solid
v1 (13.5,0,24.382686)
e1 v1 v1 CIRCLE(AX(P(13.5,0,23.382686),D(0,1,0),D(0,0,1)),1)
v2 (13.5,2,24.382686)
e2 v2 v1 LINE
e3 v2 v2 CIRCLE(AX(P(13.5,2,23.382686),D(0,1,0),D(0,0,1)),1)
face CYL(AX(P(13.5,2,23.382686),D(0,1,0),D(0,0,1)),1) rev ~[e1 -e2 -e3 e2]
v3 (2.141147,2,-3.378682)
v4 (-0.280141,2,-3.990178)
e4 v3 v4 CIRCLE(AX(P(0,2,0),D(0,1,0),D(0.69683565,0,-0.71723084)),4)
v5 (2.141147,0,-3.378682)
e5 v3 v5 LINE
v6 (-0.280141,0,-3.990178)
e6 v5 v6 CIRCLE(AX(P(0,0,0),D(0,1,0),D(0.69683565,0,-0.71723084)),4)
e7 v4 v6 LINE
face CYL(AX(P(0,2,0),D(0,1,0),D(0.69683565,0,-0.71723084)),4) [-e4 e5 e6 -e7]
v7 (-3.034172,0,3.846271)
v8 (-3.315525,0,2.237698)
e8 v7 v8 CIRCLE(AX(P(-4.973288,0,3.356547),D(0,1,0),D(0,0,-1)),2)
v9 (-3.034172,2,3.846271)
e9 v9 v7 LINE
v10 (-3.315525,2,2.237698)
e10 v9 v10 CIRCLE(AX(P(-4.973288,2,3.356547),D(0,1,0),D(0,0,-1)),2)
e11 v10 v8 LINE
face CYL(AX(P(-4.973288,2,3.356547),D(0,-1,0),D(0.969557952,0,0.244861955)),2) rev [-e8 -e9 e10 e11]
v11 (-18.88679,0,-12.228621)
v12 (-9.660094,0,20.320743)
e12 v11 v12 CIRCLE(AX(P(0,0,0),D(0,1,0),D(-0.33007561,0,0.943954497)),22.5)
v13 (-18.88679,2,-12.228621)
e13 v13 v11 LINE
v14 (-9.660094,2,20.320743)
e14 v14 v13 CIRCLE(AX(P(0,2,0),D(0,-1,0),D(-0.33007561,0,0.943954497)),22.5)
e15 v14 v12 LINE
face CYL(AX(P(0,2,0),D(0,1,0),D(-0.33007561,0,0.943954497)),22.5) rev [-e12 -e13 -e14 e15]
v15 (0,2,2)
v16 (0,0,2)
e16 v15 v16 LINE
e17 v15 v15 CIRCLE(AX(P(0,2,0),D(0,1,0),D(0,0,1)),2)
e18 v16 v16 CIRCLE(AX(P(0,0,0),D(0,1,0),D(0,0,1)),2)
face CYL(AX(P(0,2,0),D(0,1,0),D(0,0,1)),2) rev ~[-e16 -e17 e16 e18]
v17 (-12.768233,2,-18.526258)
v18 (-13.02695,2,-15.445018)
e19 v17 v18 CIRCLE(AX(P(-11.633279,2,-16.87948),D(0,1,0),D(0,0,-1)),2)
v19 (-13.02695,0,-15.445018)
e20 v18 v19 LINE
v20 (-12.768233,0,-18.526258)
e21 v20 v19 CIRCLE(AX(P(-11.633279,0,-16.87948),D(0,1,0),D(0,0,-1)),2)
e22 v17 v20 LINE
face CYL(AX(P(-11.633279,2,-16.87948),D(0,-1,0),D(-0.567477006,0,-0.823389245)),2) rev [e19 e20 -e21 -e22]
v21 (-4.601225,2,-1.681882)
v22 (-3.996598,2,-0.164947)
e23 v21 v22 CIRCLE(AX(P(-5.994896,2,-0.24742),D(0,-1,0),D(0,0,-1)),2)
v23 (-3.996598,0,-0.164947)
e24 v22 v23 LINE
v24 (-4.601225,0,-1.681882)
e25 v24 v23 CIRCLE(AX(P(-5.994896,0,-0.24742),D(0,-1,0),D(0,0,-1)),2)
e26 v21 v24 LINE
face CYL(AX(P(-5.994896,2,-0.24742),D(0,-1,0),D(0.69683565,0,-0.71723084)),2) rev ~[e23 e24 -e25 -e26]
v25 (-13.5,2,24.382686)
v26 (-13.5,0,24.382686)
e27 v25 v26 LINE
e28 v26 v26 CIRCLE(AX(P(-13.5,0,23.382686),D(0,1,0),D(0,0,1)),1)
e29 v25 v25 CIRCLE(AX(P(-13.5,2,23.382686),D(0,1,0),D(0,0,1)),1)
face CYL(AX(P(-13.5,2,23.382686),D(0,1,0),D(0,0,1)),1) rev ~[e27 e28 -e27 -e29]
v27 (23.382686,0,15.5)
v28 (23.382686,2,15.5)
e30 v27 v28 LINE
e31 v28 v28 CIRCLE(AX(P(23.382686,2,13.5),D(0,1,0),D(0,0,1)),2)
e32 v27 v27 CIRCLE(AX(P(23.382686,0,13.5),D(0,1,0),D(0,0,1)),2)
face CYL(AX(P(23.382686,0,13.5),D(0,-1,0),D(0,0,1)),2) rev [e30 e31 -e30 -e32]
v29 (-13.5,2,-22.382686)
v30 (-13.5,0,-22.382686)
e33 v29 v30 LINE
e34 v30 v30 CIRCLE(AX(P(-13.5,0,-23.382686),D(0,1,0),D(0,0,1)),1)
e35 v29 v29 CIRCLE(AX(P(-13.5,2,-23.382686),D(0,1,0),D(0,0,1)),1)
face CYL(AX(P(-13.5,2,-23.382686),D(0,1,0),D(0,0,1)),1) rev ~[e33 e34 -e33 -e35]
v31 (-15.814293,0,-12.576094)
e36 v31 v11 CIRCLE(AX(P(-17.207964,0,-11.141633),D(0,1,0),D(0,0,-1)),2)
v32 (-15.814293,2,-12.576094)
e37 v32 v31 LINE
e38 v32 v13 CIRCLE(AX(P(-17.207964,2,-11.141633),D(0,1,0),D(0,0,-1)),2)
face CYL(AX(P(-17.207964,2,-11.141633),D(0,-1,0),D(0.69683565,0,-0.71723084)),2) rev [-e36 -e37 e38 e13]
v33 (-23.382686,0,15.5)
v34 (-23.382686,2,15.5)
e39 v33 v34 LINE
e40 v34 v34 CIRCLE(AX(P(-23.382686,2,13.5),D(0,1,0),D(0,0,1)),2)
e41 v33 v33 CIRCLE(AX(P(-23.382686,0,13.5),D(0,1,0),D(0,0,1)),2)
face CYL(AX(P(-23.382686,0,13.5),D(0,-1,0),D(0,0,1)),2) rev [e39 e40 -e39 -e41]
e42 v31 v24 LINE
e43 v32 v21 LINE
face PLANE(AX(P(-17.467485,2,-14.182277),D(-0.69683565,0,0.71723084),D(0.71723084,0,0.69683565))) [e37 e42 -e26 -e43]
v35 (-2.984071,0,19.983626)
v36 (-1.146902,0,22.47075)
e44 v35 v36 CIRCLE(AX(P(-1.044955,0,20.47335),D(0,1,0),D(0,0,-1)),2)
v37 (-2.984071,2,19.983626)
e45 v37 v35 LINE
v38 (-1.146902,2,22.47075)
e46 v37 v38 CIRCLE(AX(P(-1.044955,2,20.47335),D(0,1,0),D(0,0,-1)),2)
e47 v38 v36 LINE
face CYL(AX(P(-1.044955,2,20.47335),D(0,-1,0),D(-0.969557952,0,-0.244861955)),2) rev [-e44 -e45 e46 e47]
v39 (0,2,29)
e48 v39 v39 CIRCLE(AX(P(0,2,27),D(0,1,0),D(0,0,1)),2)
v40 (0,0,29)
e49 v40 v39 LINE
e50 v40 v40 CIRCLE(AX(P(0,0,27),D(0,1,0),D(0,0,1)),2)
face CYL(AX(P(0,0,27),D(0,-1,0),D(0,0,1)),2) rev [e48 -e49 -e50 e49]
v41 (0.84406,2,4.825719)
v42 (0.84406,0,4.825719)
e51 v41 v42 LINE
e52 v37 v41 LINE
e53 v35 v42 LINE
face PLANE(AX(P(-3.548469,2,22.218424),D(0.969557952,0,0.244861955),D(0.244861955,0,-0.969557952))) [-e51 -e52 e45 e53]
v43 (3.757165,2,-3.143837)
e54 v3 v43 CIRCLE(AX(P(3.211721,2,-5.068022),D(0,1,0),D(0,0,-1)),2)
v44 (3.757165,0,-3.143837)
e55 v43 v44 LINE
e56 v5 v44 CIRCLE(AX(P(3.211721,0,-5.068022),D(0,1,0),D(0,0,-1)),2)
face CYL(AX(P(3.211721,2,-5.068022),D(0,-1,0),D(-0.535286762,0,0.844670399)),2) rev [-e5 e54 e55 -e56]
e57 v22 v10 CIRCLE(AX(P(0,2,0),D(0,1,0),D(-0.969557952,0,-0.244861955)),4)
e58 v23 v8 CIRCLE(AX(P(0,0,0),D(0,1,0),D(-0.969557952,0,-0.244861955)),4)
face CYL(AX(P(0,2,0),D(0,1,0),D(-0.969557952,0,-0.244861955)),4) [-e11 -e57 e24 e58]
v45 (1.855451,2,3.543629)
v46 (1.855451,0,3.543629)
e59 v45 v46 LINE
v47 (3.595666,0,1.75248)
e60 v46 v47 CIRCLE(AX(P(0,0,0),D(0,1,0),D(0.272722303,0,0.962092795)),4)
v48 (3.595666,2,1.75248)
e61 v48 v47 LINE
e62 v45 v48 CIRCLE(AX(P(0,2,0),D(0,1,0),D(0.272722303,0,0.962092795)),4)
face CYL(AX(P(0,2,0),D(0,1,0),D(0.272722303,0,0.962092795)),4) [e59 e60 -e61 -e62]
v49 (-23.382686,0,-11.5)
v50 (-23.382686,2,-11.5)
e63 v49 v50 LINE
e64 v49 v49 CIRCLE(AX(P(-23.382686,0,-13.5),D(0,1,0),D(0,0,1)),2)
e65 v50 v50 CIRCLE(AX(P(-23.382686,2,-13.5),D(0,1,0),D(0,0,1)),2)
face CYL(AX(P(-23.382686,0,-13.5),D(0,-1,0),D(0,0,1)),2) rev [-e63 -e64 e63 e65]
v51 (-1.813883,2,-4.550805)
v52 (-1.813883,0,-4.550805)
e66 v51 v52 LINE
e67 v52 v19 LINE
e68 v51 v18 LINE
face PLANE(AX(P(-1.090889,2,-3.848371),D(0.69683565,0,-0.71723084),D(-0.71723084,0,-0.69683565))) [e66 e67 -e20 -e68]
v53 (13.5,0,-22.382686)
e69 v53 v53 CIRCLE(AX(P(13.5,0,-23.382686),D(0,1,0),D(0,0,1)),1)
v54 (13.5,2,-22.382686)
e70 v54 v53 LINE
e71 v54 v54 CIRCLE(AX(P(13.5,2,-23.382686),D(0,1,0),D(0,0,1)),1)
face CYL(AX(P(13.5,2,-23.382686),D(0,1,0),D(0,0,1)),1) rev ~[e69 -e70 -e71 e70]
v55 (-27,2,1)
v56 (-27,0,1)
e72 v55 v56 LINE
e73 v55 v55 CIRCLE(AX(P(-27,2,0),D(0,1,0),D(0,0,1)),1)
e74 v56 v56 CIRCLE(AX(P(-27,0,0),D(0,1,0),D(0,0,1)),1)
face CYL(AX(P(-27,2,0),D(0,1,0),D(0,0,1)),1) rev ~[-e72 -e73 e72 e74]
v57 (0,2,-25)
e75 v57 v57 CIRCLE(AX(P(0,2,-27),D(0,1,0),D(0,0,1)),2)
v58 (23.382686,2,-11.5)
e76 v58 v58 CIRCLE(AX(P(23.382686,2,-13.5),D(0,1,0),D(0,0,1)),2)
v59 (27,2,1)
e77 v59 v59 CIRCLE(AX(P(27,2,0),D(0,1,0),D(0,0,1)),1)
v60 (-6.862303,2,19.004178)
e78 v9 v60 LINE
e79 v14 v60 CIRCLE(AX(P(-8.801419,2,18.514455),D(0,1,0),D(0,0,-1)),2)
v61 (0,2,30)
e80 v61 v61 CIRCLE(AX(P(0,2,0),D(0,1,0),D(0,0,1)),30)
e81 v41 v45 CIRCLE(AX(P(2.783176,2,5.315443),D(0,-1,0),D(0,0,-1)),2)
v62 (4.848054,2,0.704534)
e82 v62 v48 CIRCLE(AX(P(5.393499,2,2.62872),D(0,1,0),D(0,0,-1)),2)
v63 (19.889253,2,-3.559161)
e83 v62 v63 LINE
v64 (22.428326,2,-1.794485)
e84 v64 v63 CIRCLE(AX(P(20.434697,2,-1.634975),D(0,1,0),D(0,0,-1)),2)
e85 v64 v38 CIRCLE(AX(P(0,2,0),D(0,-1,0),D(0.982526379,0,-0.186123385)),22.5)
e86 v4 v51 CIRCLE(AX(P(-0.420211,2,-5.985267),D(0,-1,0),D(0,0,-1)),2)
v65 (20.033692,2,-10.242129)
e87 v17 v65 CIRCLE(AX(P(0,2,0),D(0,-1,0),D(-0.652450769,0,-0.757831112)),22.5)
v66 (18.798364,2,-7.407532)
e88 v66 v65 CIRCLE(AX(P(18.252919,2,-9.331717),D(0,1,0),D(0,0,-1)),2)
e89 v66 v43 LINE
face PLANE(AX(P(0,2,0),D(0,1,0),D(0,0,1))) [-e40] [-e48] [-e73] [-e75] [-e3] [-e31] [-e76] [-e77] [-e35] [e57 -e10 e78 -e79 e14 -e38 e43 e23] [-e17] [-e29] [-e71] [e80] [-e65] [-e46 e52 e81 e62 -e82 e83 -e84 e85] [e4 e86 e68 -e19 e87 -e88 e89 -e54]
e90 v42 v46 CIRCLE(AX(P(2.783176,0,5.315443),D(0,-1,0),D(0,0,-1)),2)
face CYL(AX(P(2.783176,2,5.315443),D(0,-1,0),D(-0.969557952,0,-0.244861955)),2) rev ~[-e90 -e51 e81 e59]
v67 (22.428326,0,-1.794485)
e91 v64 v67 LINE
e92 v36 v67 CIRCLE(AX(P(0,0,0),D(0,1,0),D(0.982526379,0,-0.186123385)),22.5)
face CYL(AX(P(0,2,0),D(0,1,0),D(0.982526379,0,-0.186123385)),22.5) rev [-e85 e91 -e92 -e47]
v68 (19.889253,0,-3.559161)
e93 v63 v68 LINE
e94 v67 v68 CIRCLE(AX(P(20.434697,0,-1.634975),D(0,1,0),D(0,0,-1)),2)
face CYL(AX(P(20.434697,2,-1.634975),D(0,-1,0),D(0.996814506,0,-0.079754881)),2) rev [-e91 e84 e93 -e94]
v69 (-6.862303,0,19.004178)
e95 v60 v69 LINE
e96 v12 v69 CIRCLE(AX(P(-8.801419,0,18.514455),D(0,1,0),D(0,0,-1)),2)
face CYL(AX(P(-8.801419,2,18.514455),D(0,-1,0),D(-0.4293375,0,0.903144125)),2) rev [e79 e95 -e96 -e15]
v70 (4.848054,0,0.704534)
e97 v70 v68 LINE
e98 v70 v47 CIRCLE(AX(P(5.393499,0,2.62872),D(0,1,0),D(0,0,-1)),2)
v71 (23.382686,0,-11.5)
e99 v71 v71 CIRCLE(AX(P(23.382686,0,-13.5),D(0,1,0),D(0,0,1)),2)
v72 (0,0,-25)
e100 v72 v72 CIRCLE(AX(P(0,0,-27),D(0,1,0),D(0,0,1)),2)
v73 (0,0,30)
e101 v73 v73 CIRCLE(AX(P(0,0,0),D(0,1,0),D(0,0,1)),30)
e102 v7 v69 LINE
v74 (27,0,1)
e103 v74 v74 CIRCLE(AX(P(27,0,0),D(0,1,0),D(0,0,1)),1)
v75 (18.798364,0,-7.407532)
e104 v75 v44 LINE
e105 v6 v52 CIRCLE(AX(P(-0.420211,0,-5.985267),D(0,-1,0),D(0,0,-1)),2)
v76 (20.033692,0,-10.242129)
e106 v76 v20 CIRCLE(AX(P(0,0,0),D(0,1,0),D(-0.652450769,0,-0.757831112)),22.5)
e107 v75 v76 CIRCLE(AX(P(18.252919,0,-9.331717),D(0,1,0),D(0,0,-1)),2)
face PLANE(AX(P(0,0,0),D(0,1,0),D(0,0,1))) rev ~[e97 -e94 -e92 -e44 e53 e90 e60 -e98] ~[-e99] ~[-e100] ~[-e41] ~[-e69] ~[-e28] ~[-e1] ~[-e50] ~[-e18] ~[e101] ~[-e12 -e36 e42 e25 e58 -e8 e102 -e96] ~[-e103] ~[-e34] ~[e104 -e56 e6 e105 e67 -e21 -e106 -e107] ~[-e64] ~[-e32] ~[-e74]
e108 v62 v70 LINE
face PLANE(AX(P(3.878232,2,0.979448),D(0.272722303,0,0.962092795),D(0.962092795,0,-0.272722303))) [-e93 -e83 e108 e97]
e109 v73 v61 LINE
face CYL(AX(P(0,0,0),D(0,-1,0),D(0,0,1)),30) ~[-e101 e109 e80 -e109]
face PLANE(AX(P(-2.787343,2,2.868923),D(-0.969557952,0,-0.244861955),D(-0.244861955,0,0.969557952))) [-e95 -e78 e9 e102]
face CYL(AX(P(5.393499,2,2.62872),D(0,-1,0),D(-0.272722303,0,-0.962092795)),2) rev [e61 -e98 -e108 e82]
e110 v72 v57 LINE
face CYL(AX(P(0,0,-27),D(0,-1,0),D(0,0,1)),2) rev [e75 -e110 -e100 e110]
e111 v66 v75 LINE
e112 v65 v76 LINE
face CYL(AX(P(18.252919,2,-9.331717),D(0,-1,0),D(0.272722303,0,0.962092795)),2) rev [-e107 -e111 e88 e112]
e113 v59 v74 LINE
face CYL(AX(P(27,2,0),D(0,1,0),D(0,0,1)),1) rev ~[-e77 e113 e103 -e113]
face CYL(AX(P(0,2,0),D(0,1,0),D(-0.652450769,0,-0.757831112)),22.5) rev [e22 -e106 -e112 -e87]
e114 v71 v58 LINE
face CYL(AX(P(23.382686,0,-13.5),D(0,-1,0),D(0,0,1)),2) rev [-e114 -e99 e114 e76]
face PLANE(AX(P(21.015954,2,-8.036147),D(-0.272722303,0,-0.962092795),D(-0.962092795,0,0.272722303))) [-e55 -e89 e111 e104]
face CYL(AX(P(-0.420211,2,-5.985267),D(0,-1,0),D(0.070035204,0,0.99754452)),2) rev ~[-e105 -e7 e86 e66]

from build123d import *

# Parameters (mm, degrees)
SKETCH1_R                = 30
SKETCH1_R_2              = 2
BOSS_EXTRUDE1_DEPTH      = 2
SKETCH3_R                = 1
CUT_EXTRUDE1_DEPTH       = 3
SKETCH4_R                = 2
CUT_EXTRUDE2_DEPTH       = 10
FILLET1_R                = 2
CIRPATTERN1_COUNT        = 3
FILLET1_OF_CIRPATTERN1_R = 2


with BuildPart() as part:
    # Sketch1 → Boss-Extrude1 (new body)
    with BuildSketch(Plane(origin=(0, 0, 0), x_dir=(1, 0, 0), z_dir=(0, 1, 0))):
        with Locations(Location((0, 0, 0), (0, 0, 270))):
            Circle(SKETCH1_R)
        with Locations(Location((0, 27, 0), (0, 0, 270))):
            Circle(SKETCH1_R_2, mode=Mode.SUBTRACT)
        with Locations(Location((23.382685902, 13.5, 0), (0, 0, 270))):
            Circle(SKETCH1_R_2, mode=Mode.SUBTRACT)
        with Locations(Location((23.382685902, -13.5, 0), (0, 0, 270))):
            Circle(SKETCH1_R_2, mode=Mode.SUBTRACT)
        with Locations(Location((0, -27, 0), (0, 0, 270))):
            Circle(SKETCH1_R_2, mode=Mode.SUBTRACT)
        with Locations(Location((-23.382685902, -13.5, 0), (0, 0, 270))):
            Circle(SKETCH1_R_2, mode=Mode.SUBTRACT)
        with Locations(Location((-23.382685902, 13.5, 0), (0, 0, 270))):
            Circle(SKETCH1_R_2, mode=Mode.SUBTRACT)
    extrude(amount=BOSS_EXTRUDE1_DEPTH)

    # Sketch3 → Cut-Extrude1 (cut)
    with BuildSketch(Plane(origin=(0, 2, 0), x_dir=(1, 0, 0), z_dir=(0, 1, 0))):
        with Locations(Location((-13.5, 23.382685902, 0), (0, 0, 270))):
            Circle(SKETCH3_R)
        with Locations(Location((13.5, 23.382685902, 0), (0, 0, 270))):
            Circle(SKETCH3_R)
        with Locations(Location((27, 0, 0), (0, 0, 270))):
            Circle(SKETCH3_R)
        with Locations(Location((13.5, -23.382685902, 0), (0, 0, 270))):
            Circle(SKETCH3_R)
        with Locations(Location((-13.5, -23.382685902, 0), (0, 0, 270))):
            Circle(SKETCH3_R)
        with Locations(Location((-27, 0, 0), (0, 0, 270))):
            Circle(SKETCH3_R)
    extrude(amount=-CUT_EXTRUDE1_DEPTH, mode=Mode.SUBTRACT)

    # Sketch4 → Cut-Extrude2 (cut)
    with BuildSketch(Plane(origin=(0, 2, 0), x_dir=(1, 0, 0), z_dir=(0, 1, 0))):
        with Locations(Location((0, 0, 0), (0, 0, 270))):
            Circle(SKETCH4_R)
        with BuildLine():
            Line((-1.09088921, 3.848371179), (-14.680142304, 17.051200014))
            ThreePointArc((-14.680142304, 17.051200014), (5.509393992, 21.815053927), (21.015954319, 8.036147338))
            Line((21.015954319, 8.036147338), (2.787342599, 2.868923358))
            ThreePointArc((2.787342599, 2.868923358), (0.979447821, 3.878231809), (-1.09088921, 3.848371179))
        make_face()
    cut_extrude2 = extrude(amount=-CUT_EXTRUDE2_DEPTH, mode=Mode.SUBTRACT)

    # Fillet1
    fillet1_edges = [part.edges().sort_by_distance(p)[0] for p in [
        (2.787342599, 1, -2.868923358),
        (-1.09088921, 1, -3.848371179),
        (-14.680142304, 1, -17.051200014),
        (21.015954319, 1, -8.036147338),
    ]]
    fillet(fillet1_edges, radius=FILLET1_R)

    # CirPattern1: Cut-Extrude2 ×3 about axis
    cirpattern1_axis = Axis((0, 0, 0), (0, 1, 0))
    for i in range(1, CIRPATTERN1_COUNT):
        add(cut_extrude2.rotate(cirpattern1_axis, i * 360 / CIRPATTERN1_COUNT), mode=Mode.SUBTRACT)

    # Fillet1 of CirPattern1
    fillet1_of_cirpattern1_edges = [part.edges().sort_by_distance(p)[0] for p in [
        (-3.878231809, 1, -0.979447821),
        (-2.787342599, 1, 2.868923358),
        (-7.426701225, 1, 21.238976174),
        (-17.467484903, 1, -14.182276656),
        (1.09088921, 1, 3.848371179),
        (3.878231809, 1, 0.979447821),
        (22.10684353, 1, -4.187776159),
        (-3.548469416, 1, 22.218423995),
    ]]
    fillet(fillet1_of_cirpattern1_edges, radius=FILLET1_OF_CIRPATTERN1_R)


solid = part.part
